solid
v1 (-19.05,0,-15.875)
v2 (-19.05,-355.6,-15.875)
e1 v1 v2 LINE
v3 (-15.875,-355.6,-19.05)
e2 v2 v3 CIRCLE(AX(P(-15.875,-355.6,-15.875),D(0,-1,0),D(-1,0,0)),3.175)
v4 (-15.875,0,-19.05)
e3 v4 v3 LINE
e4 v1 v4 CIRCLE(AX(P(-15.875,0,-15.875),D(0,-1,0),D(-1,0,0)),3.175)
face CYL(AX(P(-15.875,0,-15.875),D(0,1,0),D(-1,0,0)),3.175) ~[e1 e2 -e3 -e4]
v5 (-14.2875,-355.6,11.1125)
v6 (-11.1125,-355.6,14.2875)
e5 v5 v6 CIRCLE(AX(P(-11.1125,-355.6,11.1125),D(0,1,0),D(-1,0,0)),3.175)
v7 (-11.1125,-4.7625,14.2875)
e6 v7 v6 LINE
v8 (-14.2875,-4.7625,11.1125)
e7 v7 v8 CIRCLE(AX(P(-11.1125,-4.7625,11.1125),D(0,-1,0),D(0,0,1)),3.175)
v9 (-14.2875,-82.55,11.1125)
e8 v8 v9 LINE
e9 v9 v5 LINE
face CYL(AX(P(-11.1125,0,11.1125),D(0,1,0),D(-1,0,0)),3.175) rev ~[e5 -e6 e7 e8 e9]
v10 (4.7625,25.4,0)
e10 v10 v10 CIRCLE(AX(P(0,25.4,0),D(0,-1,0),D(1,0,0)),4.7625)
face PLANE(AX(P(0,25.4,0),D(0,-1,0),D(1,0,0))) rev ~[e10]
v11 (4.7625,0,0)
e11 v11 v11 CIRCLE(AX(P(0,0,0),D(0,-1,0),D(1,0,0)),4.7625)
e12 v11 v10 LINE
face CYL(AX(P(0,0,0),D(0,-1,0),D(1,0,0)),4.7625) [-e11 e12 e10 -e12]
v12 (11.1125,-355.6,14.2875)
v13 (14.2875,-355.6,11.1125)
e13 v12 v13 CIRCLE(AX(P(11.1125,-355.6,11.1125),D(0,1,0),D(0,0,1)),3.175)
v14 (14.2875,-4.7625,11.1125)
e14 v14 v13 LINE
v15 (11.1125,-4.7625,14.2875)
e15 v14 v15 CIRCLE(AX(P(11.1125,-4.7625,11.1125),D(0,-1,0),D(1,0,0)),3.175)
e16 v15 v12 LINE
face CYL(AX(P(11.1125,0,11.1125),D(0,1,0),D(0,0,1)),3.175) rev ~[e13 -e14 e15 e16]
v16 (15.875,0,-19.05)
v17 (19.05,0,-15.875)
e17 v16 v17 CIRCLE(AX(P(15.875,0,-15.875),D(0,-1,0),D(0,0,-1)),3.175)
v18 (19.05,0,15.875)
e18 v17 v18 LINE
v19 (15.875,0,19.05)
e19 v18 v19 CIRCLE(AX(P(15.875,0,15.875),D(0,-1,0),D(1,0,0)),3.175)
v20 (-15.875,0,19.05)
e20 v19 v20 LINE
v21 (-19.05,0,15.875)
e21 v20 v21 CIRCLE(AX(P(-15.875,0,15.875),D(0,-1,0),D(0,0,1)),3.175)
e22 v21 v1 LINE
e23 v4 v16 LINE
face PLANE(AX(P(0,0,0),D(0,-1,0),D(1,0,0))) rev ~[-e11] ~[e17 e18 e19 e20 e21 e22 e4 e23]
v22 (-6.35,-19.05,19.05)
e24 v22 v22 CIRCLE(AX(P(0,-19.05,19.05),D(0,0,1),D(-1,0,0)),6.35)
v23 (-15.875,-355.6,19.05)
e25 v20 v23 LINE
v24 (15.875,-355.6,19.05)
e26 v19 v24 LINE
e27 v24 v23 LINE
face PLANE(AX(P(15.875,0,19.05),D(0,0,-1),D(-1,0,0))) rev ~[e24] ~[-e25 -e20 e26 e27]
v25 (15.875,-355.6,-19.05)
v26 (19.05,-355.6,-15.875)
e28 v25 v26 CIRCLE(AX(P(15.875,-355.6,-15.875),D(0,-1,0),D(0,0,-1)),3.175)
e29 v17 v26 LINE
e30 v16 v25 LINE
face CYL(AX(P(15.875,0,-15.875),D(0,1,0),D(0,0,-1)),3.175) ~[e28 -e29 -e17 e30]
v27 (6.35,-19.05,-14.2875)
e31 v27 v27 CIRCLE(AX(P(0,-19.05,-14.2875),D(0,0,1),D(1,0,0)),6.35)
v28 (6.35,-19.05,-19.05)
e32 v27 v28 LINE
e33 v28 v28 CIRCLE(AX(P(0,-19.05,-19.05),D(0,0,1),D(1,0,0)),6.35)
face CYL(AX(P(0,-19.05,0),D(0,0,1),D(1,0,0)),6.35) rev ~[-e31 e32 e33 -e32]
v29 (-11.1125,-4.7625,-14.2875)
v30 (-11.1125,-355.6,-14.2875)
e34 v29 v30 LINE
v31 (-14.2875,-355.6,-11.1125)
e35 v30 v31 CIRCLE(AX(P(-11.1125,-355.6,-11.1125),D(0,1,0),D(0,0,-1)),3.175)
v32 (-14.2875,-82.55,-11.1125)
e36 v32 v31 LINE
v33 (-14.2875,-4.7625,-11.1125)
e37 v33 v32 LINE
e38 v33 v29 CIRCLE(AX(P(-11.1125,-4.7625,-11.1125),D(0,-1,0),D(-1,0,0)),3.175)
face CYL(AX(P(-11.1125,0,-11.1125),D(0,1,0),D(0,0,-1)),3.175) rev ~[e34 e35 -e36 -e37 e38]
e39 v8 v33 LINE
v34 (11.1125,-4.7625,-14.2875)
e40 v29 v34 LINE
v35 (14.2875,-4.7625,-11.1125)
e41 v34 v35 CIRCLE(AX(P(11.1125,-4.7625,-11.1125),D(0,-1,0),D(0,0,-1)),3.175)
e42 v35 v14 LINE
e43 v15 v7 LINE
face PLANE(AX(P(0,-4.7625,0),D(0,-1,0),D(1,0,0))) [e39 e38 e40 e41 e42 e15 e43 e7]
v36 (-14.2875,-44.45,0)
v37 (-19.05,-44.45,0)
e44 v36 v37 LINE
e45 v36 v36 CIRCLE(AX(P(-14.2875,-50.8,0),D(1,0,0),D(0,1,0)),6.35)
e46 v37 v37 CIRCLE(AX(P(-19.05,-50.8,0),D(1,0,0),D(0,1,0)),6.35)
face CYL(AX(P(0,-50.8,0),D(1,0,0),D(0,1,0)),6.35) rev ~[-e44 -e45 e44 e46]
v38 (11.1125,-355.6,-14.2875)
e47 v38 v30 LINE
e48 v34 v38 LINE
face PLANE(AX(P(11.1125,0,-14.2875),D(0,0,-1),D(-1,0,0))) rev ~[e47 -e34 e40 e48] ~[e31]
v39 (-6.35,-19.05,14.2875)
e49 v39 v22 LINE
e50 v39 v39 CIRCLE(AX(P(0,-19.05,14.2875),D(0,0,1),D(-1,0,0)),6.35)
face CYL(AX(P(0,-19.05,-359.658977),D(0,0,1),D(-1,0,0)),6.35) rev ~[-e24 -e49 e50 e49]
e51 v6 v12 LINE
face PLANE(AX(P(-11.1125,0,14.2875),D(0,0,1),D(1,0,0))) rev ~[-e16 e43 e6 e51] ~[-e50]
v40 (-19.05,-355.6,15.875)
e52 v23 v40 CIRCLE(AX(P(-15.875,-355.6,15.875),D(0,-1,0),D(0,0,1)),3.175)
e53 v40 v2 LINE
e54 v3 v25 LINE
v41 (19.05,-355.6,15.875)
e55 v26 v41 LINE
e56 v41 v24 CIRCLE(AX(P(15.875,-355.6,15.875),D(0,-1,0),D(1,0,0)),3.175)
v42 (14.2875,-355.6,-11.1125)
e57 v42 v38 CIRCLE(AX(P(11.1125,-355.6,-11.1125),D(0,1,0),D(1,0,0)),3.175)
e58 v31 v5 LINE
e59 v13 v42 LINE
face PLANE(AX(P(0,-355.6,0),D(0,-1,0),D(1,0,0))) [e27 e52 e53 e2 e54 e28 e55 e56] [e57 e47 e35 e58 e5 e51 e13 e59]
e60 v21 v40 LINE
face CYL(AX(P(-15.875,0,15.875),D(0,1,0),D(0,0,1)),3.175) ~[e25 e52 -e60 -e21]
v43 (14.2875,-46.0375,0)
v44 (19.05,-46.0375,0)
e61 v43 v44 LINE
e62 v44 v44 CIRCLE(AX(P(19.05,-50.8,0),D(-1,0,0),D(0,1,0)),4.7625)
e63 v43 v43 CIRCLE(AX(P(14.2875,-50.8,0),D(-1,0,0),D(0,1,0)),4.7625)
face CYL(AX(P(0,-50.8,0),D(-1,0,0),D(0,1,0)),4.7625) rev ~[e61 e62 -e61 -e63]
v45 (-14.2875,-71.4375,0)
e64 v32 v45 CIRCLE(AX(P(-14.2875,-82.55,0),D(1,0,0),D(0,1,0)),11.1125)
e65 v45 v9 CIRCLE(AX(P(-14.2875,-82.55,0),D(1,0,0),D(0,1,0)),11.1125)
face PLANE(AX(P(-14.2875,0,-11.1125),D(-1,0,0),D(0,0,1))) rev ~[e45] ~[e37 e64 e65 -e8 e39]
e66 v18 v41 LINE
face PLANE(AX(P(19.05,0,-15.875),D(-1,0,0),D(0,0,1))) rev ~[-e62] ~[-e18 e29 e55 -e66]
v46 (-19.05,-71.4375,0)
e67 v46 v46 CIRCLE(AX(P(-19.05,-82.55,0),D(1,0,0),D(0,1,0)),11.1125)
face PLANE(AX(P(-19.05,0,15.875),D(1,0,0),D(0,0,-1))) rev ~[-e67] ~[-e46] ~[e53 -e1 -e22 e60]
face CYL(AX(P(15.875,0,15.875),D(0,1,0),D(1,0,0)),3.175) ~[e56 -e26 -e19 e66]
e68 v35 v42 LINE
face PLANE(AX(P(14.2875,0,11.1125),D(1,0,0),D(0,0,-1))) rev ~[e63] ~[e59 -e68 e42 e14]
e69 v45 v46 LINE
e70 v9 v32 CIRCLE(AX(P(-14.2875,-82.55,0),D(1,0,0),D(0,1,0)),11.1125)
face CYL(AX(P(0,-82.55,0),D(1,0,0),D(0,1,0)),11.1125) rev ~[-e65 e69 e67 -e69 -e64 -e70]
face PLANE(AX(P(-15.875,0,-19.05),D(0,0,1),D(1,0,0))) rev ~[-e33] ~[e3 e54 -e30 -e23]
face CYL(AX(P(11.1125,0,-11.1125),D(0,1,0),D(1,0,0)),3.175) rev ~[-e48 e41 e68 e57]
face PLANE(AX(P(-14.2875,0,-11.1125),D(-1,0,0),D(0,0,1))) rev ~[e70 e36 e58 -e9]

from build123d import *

# Parameters (mm, degrees)
F7_DEPTH  = 355.6
F8_D      = 12.7
F8_DEPTH  = 19.051
F9_D      = 12.7
F0_R      = 4.7625
F2_DEPTH  = 4.7625
F4_D      = 9.525
F4_DEPTH  = 19.051
F5_D      = 12.7
F5_DEPTH  = 19.051
F10_D     = 22.225
F10_DEPTH = 19.051
F6_DEPTH  = 25.4


with BuildPart() as f7:
    # F0 (on Front) → F7 (new body)
    with BuildSketch(Plane.XZ):
        with BuildLine():
            Line((-15.875, -19.05), (15.875, -19.05))
            ThreePointArc((15.875, -19.05), (18.1200640303, -18.1200640303), (19.05, -15.875))
            Line((19.05, -15.875), (19.05, 15.875))
            ThreePointArc((19.05, 15.875), (18.1200640303, 18.1200640303), (15.875, 19.05))
            Line((15.875, 19.05), (-15.875, 19.05))
            ThreePointArc((-15.875, 19.05), (-18.1200640303, 18.1200640303), (-19.05, 15.875))
            Line((-19.05, 15.875), (-19.05, -15.875))
            ThreePointArc((-19.05, -15.875), (-18.1200640303, -18.1200640303), (-15.875, -19.05))
        make_face()
        with BuildLine():
            ThreePointArc((14.2875, -11.1125), (13.3575640303, -13.3575640303), (11.1125, -14.2875))
            Line((11.1125, -14.2875), (-11.1125, -14.2875))
            ThreePointArc((-11.1125, -14.2875), (-13.3575640303, -13.3575640303), (-14.2875, -11.1125))
            Line((-14.2875, -11.1125), (-14.2875, 11.1125))
            ThreePointArc((-14.2875, 11.1125), (-13.3575640303, 13.3575640303), (-11.1125, 14.2875))
            Line((-11.1125, 14.2875), (11.1125, 14.2875))
            ThreePointArc((11.1125, 14.2875), (13.3575640303, 13.3575640303), (14.2875, 11.1125))
            Line((14.2875, 11.1125), (14.2875, -11.1125))
        make_face(mode=Mode.SUBTRACT)
    extrude(amount=F7_DEPTH)

    # F8 (through all, one way)
    with BuildSketch(Plane.XY):
        with Locations((0, -19.05)):
            Circle(F8_D / 2)
    extrude(amount=-F8_DEPTH, mode=Mode.SUBTRACT)

    # F9 (through all)
    with Locations(Plane(origin=(0, 0, 0), x_dir=(1, 0, 0), z_dir=(0, 0, -1))):
        with Locations((0, 19.05)):
            Hole(F9_D / 2)

    # F0 (on Front) → F2 (join)
    with BuildSketch(Plane.XZ):
        with BuildLine():
            Line((-11.1125, -14.2875), (11.1125, -14.2875))
            ThreePointArc((11.1125, -14.2875), (13.3575640303, -13.3575640303), (14.2875, -11.1125))
            Line((14.2875, -11.1125), (14.2875, 11.1125))
            ThreePointArc((14.2875, 11.1125), (13.3575640303, 13.3575640303), (11.1125, 14.2875))
            Line((11.1125, 14.2875), (-11.1125, 14.2875))
            ThreePointArc((-11.1125, 14.2875), (-13.3575640303, 13.3575640303), (-14.2875, 11.1125))
            Line((-14.2875, 11.1125), (-14.2875, -11.1125))
            ThreePointArc((-14.2875, -11.1125), (-13.3575640303, -13.3575640303), (-11.1125, -14.2875))
        make_face()
        Circle(F0_R, mode=Mode.SUBTRACT)
        Circle(F0_R)
    extrude(amount=F2_DEPTH)

    # F4 (through all, one way)
    with BuildSketch(Plane(origin=(0, 0, 0), x_dir=(0, 1, 0), z_dir=(-1, 0, 0))):
        with Locations((-50.8, 0)):
            Circle(F4_D / 2)
    extrude(amount=-F4_DEPTH, mode=Mode.SUBTRACT)

    # F5 (through all, one way)
    with BuildSketch(Plane.YZ):
        with Locations((-50.8, 0)):
            Circle(F5_D / 2)
    extrude(amount=-F5_DEPTH, mode=Mode.SUBTRACT)

    # F10 (through all, one way)
    with BuildSketch(Plane.YZ):
        with Locations((-82.55, 0)):
            Circle(F10_D / 2)
    extrude(amount=-F10_DEPTH, mode=Mode.SUBTRACT)

    # F0 (on Front) → F6 (join)
    with BuildSketch(Plane.XZ):
        Circle(F0_R)
    extrude(amount=-F6_DEPTH)


solid = f7.part
